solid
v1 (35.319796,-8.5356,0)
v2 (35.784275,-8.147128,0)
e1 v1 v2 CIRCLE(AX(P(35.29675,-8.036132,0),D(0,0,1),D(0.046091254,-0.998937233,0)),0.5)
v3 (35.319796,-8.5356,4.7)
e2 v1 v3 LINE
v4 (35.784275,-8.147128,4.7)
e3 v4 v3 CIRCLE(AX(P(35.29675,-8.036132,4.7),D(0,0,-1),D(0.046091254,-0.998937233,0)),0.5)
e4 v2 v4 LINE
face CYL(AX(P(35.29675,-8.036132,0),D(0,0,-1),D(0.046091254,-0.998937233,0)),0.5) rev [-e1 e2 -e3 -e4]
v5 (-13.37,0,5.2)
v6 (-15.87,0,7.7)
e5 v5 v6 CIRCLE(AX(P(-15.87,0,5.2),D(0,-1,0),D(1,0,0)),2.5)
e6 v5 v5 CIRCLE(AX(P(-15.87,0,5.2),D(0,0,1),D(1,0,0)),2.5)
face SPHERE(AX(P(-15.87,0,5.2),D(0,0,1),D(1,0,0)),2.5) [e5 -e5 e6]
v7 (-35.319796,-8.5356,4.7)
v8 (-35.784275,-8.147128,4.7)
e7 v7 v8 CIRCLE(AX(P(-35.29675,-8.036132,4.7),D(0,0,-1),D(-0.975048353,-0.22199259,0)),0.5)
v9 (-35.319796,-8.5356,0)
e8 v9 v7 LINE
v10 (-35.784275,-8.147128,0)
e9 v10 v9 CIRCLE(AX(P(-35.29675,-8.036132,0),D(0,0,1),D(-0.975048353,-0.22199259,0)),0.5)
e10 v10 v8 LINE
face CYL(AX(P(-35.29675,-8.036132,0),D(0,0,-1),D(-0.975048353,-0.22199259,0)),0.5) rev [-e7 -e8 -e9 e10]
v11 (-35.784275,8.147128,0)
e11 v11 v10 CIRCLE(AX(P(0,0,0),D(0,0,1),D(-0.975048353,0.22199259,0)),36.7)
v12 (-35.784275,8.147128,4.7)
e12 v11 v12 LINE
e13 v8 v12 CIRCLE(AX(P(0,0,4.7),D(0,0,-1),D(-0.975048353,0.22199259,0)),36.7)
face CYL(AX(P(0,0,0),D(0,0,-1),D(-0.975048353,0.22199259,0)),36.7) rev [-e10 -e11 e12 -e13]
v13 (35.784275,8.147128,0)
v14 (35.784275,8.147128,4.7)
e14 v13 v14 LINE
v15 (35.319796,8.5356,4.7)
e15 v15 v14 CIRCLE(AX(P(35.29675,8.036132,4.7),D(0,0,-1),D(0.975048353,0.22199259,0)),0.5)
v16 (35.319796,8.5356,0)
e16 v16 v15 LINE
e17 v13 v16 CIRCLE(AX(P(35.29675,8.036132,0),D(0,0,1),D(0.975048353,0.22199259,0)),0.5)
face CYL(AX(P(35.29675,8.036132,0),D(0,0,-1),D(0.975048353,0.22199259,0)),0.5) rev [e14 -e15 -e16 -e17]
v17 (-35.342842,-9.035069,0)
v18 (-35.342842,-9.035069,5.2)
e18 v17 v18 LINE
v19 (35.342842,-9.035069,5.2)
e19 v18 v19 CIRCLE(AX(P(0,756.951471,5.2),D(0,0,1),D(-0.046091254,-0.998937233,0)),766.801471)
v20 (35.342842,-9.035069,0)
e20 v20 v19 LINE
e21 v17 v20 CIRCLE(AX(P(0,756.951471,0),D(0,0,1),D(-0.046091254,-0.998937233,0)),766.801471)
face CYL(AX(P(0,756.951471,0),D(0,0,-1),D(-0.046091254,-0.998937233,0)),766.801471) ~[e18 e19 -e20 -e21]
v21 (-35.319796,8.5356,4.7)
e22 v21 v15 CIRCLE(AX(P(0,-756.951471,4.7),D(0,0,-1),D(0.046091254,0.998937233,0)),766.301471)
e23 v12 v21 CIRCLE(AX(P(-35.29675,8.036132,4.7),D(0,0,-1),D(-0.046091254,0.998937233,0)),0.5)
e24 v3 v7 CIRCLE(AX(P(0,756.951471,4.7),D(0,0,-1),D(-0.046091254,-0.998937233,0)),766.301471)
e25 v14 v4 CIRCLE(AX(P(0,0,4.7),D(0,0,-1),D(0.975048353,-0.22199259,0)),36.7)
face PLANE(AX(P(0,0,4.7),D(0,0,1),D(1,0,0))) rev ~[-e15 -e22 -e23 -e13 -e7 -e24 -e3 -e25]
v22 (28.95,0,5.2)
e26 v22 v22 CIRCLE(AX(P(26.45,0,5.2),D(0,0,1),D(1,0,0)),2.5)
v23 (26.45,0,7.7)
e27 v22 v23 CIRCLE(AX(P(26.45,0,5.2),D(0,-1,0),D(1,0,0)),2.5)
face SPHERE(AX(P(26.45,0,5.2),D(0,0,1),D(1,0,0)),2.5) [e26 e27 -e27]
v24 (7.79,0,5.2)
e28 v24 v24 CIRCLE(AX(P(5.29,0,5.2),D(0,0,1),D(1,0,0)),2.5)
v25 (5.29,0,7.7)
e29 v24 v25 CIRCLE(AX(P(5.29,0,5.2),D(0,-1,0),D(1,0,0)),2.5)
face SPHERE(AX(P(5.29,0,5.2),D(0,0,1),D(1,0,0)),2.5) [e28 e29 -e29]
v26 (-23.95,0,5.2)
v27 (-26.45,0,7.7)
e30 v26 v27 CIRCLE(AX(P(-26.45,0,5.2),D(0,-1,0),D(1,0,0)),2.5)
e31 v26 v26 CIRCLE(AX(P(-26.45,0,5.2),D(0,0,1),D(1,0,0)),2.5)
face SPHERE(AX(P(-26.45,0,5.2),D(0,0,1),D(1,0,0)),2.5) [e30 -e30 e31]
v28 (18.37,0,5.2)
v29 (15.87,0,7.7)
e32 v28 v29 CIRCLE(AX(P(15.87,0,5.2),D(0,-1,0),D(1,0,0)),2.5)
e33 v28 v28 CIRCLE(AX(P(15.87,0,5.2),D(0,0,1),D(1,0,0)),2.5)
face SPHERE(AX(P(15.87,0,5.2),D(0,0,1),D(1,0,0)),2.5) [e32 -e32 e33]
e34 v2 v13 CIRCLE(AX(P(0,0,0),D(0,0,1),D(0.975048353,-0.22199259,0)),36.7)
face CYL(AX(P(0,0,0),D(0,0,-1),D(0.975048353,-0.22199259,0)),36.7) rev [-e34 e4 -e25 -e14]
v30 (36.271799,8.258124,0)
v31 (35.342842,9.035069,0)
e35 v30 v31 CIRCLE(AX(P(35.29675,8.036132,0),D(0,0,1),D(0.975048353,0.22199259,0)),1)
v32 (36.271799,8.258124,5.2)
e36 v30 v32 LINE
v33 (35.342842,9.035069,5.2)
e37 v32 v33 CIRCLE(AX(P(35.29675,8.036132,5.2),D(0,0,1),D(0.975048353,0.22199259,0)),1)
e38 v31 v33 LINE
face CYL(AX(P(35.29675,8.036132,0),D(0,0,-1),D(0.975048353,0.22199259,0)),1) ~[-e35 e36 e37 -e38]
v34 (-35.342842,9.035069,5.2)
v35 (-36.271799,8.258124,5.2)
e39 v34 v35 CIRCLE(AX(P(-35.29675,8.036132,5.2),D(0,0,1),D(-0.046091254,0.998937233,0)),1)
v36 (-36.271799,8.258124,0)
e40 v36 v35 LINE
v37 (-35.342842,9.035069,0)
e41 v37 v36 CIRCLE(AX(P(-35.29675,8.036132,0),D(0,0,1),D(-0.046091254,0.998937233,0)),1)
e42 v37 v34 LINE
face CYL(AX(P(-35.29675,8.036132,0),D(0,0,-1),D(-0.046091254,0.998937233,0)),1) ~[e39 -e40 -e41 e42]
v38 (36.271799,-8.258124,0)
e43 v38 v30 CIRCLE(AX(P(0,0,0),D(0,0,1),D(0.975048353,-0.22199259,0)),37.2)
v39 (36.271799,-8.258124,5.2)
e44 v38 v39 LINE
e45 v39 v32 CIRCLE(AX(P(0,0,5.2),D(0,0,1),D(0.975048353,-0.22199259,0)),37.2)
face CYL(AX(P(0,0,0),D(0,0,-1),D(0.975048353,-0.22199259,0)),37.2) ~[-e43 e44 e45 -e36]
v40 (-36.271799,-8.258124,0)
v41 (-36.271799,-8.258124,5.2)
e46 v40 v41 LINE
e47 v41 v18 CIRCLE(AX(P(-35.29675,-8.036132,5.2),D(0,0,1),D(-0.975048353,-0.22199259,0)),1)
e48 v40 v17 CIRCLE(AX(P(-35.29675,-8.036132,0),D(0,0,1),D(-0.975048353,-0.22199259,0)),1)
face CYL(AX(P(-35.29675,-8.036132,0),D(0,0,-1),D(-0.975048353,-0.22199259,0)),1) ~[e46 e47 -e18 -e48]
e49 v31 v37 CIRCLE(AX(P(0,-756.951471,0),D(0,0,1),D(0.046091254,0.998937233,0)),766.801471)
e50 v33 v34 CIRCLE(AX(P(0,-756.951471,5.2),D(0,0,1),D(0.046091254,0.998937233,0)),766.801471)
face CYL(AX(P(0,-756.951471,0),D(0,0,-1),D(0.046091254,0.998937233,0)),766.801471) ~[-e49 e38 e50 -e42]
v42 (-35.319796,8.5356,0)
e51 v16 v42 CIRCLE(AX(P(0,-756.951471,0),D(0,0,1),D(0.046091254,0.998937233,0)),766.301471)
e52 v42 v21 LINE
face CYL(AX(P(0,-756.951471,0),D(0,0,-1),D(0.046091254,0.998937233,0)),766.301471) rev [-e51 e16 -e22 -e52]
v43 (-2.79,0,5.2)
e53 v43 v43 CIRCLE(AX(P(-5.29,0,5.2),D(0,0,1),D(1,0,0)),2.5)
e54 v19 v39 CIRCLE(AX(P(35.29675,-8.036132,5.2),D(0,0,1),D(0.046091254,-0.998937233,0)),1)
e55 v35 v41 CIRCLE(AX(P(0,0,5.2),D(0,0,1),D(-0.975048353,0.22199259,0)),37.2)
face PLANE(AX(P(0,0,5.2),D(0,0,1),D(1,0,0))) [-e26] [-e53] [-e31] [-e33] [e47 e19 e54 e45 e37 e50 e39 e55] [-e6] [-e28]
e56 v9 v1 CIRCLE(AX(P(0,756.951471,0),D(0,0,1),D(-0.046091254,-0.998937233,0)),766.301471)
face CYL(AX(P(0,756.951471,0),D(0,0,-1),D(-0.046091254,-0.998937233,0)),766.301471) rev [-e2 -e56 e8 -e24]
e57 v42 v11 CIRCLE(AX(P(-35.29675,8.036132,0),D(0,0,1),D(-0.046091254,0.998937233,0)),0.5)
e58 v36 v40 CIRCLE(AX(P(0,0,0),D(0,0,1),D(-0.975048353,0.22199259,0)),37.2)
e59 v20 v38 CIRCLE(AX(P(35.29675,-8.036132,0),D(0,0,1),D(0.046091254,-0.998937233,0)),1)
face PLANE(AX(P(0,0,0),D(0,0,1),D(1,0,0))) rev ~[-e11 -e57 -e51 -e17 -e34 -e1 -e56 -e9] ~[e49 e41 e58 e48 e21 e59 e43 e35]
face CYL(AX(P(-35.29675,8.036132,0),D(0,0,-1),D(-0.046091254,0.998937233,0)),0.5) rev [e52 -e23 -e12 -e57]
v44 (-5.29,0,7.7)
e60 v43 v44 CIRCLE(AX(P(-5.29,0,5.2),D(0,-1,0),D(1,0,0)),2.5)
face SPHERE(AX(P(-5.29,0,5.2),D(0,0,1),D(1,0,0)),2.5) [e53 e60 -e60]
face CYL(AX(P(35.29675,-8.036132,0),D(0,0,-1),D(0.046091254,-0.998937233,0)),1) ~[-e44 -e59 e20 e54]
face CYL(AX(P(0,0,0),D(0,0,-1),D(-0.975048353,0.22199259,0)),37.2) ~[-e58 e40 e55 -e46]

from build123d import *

# Parameters (mm, degrees)
F1_DEPTH = 5.2
F2_T     = -0.5


with BuildPart() as f1:
    # F0 (on Top) → F1 (new body)
    with BuildSketch(Plane.XY):
        with BuildLine():
            ThreePointArc((36.2717987143, 8.2581243652), (35.9383049337, 8.8032091706), (35.3428416161, 9.0350690081))
            ThreePointArc((35.3428416161, 9.0350690081), (0, 9.85), (-35.3428416161, 9.0350690081))
            ThreePointArc((-35.3428416161, 9.0350690081), (-35.9383049337, 8.8032091706), (-36.2717987143, 8.2581243652))
            ThreePointArc((-36.2717987143, 8.2581243652), (-37.2, 0), (-36.2717987143, -8.2581243652))
            ThreePointArc((-36.2717987143, -8.2581243652), (-35.9383049337, -8.8032091706), (-35.3428416161, -9.0350690081))
            ThreePointArc((-35.3428416161, -9.0350690081), (0, -9.85), (35.3428416161, -9.0350690081))
            ThreePointArc((35.3428416161, -9.0350690081), (35.9383049337, -8.8032091706), (36.2717987143, -8.2581243652))
            ThreePointArc((36.2717987143, -8.2581243652), (37.2, 0), (36.2717987143, 8.2581243652))
        make_face()
    extrude(amount=F1_DEPTH)

    # F2
    f2_openings = [f1.faces().sort_by_distance(p)[0] for p in [
        (0, 0, 0),
    ]]
    offset(amount=F2_T, openings=f2_openings)

    # F5 (on Front) → F6 (revolve)
    with BuildSketch(Plane.XZ):
        with BuildLine():
            Line((15.87, 5.2), (18.37, 5.2))
            ThreePointArc((18.37, 5.2), (17.637766953, 6.967766953), (15.87, 7.7))
            Line((15.87, 7.7), (15.87, 5.2))
        make_face()
    revolve(axis=Axis((15.87, 0, 7.7), (0, 0, 1)))

    # F5 (on Front) → F7 (revolve)
    with BuildSketch(Plane.XZ):
        with BuildLine():
            Line((-26.45, 5.2), (-23.95, 5.2))
            ThreePointArc((-23.95, 5.2), (-24.682233047, 6.967766953), (-26.45, 7.7))
            Line((-26.45, 7.7), (-26.45, 5.2))
        make_face()
    revolve(axis=Axis((-26.45, 0, 7.7), (0, 0, 1)))

    # F5 (on Front) → F8 (revolve)
    with BuildSketch(Plane.XZ):
        with BuildLine():
            Line((-15.87, 5.2), (-13.37, 5.2))
            ThreePointArc((-13.37, 5.2), (-14.102233047, 6.967766953), (-15.87, 7.7))
            Line((-15.87, 7.7), (-15.87, 5.2))
        make_face()
    revolve(axis=Axis((-15.87, 0, 7.7), (0, 0, 1)))

    # F5 (on Front) → F9 (revolve)
    with BuildSketch(Plane.XZ):
        with BuildLine():
            Line((-5.29, 5.2), (-2.79, 5.2))
            ThreePointArc((-2.79, 5.2), (-3.522233047, 6.967766953), (-5.29, 7.7))
            Line((-5.29, 7.7), (-5.29, 5.2))
        make_face()
    revolve(axis=Axis((-5.29, 0, 7.7), (0, 0, 1)))

    # F5 (on Front) → F10 (revolve)
    with BuildSketch(Plane.XZ):
        with BuildLine():
            Line((5.29, 5.2), (7.79, 5.2))
            ThreePointArc((7.79, 5.2), (7.057766953, 6.967766953), (5.29, 7.7))
            Line((5.29, 7.7), (5.29, 5.2))
        make_face()
    revolve(axis=Axis((5.29, 0, 7.7), (0, 0, 1)))

    # F5 (on Front) → F11 (revolve)
    with BuildSketch(Plane.XZ):
        with BuildLine():
            Line((26.45, 5.2), (28.95, 5.2))
            ThreePointArc((28.95, 5.2), (28.217766953, 6.967766953), (26.45, 7.7))
            Line((26.45, 7.7), (26.45, 5.2))
        make_face()
    revolve(axis=Axis((26.45, 0, 7.7), (0, 0, 1)))


solid = f1.part
